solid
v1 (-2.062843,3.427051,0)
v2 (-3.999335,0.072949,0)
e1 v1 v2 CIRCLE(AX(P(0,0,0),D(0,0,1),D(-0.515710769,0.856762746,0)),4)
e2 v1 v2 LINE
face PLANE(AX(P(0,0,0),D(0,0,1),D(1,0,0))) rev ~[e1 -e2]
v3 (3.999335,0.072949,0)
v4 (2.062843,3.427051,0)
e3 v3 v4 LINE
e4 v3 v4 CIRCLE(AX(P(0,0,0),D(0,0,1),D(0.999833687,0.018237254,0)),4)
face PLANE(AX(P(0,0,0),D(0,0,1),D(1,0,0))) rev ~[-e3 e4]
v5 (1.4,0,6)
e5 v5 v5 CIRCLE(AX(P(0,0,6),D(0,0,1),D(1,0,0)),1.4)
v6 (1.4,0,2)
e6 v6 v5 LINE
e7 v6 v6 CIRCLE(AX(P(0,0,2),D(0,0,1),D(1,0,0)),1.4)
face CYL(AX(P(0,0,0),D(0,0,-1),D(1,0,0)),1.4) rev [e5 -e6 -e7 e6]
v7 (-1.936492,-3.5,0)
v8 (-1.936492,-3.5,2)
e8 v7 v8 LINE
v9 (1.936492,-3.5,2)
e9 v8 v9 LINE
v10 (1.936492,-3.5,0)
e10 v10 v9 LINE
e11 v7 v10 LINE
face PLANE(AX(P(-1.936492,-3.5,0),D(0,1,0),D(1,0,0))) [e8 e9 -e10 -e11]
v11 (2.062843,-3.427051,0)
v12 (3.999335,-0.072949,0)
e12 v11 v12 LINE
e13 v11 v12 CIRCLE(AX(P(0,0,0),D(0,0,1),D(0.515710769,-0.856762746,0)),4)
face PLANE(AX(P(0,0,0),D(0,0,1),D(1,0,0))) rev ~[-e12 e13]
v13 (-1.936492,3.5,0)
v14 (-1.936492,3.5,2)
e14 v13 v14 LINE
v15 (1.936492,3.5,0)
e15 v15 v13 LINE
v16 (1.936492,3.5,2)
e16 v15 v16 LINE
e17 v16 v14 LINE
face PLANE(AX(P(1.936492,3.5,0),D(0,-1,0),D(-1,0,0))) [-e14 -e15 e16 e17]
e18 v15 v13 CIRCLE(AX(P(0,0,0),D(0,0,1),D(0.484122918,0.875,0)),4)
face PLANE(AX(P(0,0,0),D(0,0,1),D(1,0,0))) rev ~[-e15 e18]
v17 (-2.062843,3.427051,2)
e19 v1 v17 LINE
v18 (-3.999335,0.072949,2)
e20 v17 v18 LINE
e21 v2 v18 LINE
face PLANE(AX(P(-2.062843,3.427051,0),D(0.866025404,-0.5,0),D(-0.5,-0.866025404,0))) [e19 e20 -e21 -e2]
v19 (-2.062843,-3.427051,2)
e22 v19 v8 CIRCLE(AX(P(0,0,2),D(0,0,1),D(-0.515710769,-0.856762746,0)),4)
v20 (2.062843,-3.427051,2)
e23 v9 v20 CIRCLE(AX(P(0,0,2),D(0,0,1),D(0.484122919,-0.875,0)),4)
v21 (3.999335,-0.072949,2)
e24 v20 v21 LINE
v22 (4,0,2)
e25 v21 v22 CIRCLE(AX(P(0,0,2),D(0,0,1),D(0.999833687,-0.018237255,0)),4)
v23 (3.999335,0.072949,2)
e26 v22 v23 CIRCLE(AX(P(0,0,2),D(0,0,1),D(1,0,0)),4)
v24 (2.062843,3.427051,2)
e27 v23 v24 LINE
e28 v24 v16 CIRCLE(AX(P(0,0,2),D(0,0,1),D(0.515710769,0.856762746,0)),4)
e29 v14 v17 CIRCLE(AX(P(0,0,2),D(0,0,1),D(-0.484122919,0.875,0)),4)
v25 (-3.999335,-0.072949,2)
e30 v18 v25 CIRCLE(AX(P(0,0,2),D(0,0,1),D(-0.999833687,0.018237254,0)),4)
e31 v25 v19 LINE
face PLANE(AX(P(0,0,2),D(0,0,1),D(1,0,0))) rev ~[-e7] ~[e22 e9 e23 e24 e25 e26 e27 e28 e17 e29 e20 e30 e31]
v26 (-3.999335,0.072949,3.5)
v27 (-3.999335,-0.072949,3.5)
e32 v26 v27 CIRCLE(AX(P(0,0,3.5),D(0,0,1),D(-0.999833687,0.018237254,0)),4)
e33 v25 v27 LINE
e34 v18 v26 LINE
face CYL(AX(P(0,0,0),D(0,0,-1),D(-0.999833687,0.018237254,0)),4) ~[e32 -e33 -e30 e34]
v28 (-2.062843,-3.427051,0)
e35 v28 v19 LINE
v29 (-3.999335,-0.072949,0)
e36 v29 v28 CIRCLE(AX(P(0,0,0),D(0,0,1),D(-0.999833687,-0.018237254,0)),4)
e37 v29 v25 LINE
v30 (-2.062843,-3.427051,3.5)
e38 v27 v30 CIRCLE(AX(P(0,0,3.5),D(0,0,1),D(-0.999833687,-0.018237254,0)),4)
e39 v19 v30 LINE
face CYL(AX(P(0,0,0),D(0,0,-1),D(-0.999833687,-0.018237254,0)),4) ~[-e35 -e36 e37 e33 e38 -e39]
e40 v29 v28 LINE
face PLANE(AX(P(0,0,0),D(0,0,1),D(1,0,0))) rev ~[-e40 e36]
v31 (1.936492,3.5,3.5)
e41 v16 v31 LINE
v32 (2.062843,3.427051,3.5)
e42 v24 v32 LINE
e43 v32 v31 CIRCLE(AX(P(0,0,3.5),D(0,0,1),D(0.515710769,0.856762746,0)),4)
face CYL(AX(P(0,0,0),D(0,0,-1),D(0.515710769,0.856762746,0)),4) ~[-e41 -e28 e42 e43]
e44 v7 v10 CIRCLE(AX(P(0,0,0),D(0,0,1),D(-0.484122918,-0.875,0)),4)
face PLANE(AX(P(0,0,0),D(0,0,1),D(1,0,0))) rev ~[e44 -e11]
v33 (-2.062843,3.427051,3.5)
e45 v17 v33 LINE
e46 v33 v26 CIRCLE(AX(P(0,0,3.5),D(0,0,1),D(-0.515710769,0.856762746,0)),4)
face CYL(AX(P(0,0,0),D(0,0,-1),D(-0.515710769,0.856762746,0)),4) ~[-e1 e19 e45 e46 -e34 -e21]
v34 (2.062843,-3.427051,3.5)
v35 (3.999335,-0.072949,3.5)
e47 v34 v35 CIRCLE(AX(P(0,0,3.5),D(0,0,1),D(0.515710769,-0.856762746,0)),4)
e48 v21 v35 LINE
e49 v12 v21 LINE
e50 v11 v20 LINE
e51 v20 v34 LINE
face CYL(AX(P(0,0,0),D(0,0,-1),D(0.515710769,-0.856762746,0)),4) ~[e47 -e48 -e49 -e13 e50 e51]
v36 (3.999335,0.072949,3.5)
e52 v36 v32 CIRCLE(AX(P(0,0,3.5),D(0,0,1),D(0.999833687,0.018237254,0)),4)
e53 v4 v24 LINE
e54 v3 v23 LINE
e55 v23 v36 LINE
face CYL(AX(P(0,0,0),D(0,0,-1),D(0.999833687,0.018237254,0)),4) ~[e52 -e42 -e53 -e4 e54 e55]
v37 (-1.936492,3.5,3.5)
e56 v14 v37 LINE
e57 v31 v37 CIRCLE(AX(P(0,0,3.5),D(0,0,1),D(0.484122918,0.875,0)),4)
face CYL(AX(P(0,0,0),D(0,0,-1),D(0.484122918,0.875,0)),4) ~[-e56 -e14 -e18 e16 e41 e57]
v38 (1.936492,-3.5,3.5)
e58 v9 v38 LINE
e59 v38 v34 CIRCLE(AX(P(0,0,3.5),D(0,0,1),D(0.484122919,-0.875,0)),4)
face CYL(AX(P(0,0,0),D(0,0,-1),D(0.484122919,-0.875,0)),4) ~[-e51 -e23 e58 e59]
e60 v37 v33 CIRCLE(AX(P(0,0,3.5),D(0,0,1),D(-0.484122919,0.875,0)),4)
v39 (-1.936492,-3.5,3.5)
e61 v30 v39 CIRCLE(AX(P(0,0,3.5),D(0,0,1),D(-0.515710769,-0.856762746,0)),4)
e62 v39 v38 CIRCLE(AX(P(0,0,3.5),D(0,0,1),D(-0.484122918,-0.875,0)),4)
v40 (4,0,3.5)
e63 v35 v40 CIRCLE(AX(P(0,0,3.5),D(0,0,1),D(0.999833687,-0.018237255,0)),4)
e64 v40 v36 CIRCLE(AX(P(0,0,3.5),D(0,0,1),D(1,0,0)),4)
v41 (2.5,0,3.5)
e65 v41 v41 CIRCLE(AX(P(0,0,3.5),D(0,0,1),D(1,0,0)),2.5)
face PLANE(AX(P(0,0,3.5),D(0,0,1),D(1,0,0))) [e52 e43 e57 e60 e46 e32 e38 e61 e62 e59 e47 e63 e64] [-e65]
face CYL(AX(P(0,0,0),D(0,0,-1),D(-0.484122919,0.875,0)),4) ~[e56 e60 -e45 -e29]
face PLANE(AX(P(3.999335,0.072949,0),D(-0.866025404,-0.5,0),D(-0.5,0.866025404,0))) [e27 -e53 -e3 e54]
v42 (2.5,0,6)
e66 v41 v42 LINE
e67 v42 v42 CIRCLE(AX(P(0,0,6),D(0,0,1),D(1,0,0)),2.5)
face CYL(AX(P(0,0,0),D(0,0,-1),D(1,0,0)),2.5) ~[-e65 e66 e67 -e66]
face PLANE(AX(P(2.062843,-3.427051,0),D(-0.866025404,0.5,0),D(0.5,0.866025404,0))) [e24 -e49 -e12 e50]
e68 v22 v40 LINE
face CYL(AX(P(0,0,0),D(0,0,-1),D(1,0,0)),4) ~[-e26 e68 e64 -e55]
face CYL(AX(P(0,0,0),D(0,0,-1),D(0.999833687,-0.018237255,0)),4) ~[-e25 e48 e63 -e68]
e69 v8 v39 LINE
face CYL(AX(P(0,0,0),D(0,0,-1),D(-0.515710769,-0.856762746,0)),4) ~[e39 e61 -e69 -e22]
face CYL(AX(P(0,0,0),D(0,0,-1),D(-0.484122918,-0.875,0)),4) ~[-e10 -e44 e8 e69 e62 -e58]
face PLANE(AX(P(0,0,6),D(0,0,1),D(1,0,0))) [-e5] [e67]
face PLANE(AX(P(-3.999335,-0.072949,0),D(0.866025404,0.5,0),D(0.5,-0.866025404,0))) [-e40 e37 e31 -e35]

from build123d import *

# Parameters (mm, degrees)
F0_R     = 2.5
F0_R_2   = 1.4
F1_DEPTH = 6
F2_DEPTH = 3.5
F3_DEPTH = 2


with BuildPart() as f1:
    # F0 (on Top) → F1 (new body)
    with BuildSketch(Plane.XY):
        Circle(F0_R)
        Circle(F0_R_2, mode=Mode.SUBTRACT)
    extrude(amount=F1_DEPTH)

    # F0 (on Top) → F2 (join)
    with BuildSketch(Plane.XY):
        with BuildLine():
            ThreePointArc((3.9993347498, -0.0729490169), (3.999833684, -0.0364760251), (4, 0))
            ThreePointArc((4, 0), (3.999833684, 0.0364760251), (3.9993347498, 0.0729490169))
            Line((3.9993347498, 0.0729490169), (2.0628430767, 3.4270509831))
            ThreePointArc((2.0628430767, 3.4270509831), (2, 3.4641016151), (1.9364916731, 3.5))
            Line((1.9364916731, 3.5), (-1.9364916731, 3.5))
            ThreePointArc((-1.9364916731, 3.5), (-2, 3.4641016151), (-2.0628430767, 3.4270509831))
            Line((-2.0628430767, 3.4270509831), (-3.9993347498, 0.0729490169))
            ThreePointArc((-3.9993347498, 0.0729490169), (-4, 0), (-3.9993347498, -0.0729490169))
            Line((-3.9993347498, -0.0729490169), (-2.0628430767, -3.4270509831))
            ThreePointArc((-2.0628430767, -3.4270509831), (-2, -3.4641016151), (-1.9364916731, -3.5))
            Line((-1.9364916731, -3.5), (1.9364916731, -3.5))
            ThreePointArc((1.9364916731, -3.5), (2, -3.4641016151), (2.0628430767, -3.4270509831))
            Line((2.0628430767, -3.4270509831), (3.9993347498, -0.0729490169))
        make_face()
        Circle(F0_R, mode=Mode.SUBTRACT)
        with BuildLine():
            Line((-1.9364916731, 3.5), (1.9364916731, 3.5))
            ThreePointArc((1.9364916731, 3.5), (0, 4), (-1.9364916731, 3.5))
        make_face()
        with BuildLine():
            Line((-3.9993347498, 0.0729490169), (-2.0628430767, 3.4270509831))
            ThreePointArc((-2.0628430767, 3.4270509831), (-3.4641016151, 2), (-3.9993347498, 0.0729490169))
        make_face()
        with BuildLine():
            ThreePointArc((-3.9993347498, -0.0729490169), (-3.4641016151, -2), (-2.0628430767, -3.4270509831))
            Line((-2.0628430767, -3.4270509831), (-3.9993347498, -0.0729490169))
        make_face()
        with BuildLine():
            ThreePointArc((-1.9364916731, -3.5), (0, -4), (1.9364916731, -3.5))
            Line((1.9364916731, -3.5), (-1.9364916731, -3.5))
        make_face()
        with BuildLine():
            ThreePointArc((2.0628430767, -3.4270509831), (3.4641016151, -2), (3.9993347498, -0.0729490169))
            Line((3.9993347498, -0.0729490169), (2.0628430767, -3.4270509831))
        make_face()
        with BuildLine():
            Line((2.0628430767, 3.4270509831), (3.9993347498, 0.0729490169))
            ThreePointArc((3.9993347498, 0.0729490169), (3.4641016151, 2), (2.0628430767, 3.4270509831))
        make_face()
    extrude(amount=F2_DEPTH)

    # F0 (on Top) → F3 (cut)
    with BuildSketch(Plane.XY):
        with BuildLine():
            ThreePointArc((3.9993347498, -0.0729490169), (3.999833684, -0.0364760251), (4, 0))
            ThreePointArc((4, 0), (3.999833684, 0.0364760251), (3.9993347498, 0.0729490169))
            Line((3.9993347498, 0.0729490169), (2.0628430767, 3.4270509831))
            ThreePointArc((2.0628430767, 3.4270509831), (2, 3.4641016151), (1.9364916731, 3.5))
            Line((1.9364916731, 3.5), (-1.9364916731, 3.5))
            ThreePointArc((-1.9364916731, 3.5), (-2, 3.4641016151), (-2.0628430767, 3.4270509831))
            Line((-2.0628430767, 3.4270509831), (-3.9993347498, 0.0729490169))
            ThreePointArc((-3.9993347498, 0.0729490169), (-4, 0), (-3.9993347498, -0.0729490169))
            Line((-3.9993347498, -0.0729490169), (-2.0628430767, -3.4270509831))
            ThreePointArc((-2.0628430767, -3.4270509831), (-2, -3.4641016151), (-1.9364916731, -3.5))
            Line((-1.9364916731, -3.5), (1.9364916731, -3.5))
            ThreePointArc((1.9364916731, -3.5), (2, -3.4641016151), (2.0628430767, -3.4270509831))
            Line((2.0628430767, -3.4270509831), (3.9993347498, -0.0729490169))
        make_face()
        Circle(F0_R, mode=Mode.SUBTRACT)
        Circle(F0_R)
        Circle(F0_R_2, mode=Mode.SUBTRACT)
    extrude(amount=F3_DEPTH, mode=Mode.SUBTRACT)


solid = f1.part
